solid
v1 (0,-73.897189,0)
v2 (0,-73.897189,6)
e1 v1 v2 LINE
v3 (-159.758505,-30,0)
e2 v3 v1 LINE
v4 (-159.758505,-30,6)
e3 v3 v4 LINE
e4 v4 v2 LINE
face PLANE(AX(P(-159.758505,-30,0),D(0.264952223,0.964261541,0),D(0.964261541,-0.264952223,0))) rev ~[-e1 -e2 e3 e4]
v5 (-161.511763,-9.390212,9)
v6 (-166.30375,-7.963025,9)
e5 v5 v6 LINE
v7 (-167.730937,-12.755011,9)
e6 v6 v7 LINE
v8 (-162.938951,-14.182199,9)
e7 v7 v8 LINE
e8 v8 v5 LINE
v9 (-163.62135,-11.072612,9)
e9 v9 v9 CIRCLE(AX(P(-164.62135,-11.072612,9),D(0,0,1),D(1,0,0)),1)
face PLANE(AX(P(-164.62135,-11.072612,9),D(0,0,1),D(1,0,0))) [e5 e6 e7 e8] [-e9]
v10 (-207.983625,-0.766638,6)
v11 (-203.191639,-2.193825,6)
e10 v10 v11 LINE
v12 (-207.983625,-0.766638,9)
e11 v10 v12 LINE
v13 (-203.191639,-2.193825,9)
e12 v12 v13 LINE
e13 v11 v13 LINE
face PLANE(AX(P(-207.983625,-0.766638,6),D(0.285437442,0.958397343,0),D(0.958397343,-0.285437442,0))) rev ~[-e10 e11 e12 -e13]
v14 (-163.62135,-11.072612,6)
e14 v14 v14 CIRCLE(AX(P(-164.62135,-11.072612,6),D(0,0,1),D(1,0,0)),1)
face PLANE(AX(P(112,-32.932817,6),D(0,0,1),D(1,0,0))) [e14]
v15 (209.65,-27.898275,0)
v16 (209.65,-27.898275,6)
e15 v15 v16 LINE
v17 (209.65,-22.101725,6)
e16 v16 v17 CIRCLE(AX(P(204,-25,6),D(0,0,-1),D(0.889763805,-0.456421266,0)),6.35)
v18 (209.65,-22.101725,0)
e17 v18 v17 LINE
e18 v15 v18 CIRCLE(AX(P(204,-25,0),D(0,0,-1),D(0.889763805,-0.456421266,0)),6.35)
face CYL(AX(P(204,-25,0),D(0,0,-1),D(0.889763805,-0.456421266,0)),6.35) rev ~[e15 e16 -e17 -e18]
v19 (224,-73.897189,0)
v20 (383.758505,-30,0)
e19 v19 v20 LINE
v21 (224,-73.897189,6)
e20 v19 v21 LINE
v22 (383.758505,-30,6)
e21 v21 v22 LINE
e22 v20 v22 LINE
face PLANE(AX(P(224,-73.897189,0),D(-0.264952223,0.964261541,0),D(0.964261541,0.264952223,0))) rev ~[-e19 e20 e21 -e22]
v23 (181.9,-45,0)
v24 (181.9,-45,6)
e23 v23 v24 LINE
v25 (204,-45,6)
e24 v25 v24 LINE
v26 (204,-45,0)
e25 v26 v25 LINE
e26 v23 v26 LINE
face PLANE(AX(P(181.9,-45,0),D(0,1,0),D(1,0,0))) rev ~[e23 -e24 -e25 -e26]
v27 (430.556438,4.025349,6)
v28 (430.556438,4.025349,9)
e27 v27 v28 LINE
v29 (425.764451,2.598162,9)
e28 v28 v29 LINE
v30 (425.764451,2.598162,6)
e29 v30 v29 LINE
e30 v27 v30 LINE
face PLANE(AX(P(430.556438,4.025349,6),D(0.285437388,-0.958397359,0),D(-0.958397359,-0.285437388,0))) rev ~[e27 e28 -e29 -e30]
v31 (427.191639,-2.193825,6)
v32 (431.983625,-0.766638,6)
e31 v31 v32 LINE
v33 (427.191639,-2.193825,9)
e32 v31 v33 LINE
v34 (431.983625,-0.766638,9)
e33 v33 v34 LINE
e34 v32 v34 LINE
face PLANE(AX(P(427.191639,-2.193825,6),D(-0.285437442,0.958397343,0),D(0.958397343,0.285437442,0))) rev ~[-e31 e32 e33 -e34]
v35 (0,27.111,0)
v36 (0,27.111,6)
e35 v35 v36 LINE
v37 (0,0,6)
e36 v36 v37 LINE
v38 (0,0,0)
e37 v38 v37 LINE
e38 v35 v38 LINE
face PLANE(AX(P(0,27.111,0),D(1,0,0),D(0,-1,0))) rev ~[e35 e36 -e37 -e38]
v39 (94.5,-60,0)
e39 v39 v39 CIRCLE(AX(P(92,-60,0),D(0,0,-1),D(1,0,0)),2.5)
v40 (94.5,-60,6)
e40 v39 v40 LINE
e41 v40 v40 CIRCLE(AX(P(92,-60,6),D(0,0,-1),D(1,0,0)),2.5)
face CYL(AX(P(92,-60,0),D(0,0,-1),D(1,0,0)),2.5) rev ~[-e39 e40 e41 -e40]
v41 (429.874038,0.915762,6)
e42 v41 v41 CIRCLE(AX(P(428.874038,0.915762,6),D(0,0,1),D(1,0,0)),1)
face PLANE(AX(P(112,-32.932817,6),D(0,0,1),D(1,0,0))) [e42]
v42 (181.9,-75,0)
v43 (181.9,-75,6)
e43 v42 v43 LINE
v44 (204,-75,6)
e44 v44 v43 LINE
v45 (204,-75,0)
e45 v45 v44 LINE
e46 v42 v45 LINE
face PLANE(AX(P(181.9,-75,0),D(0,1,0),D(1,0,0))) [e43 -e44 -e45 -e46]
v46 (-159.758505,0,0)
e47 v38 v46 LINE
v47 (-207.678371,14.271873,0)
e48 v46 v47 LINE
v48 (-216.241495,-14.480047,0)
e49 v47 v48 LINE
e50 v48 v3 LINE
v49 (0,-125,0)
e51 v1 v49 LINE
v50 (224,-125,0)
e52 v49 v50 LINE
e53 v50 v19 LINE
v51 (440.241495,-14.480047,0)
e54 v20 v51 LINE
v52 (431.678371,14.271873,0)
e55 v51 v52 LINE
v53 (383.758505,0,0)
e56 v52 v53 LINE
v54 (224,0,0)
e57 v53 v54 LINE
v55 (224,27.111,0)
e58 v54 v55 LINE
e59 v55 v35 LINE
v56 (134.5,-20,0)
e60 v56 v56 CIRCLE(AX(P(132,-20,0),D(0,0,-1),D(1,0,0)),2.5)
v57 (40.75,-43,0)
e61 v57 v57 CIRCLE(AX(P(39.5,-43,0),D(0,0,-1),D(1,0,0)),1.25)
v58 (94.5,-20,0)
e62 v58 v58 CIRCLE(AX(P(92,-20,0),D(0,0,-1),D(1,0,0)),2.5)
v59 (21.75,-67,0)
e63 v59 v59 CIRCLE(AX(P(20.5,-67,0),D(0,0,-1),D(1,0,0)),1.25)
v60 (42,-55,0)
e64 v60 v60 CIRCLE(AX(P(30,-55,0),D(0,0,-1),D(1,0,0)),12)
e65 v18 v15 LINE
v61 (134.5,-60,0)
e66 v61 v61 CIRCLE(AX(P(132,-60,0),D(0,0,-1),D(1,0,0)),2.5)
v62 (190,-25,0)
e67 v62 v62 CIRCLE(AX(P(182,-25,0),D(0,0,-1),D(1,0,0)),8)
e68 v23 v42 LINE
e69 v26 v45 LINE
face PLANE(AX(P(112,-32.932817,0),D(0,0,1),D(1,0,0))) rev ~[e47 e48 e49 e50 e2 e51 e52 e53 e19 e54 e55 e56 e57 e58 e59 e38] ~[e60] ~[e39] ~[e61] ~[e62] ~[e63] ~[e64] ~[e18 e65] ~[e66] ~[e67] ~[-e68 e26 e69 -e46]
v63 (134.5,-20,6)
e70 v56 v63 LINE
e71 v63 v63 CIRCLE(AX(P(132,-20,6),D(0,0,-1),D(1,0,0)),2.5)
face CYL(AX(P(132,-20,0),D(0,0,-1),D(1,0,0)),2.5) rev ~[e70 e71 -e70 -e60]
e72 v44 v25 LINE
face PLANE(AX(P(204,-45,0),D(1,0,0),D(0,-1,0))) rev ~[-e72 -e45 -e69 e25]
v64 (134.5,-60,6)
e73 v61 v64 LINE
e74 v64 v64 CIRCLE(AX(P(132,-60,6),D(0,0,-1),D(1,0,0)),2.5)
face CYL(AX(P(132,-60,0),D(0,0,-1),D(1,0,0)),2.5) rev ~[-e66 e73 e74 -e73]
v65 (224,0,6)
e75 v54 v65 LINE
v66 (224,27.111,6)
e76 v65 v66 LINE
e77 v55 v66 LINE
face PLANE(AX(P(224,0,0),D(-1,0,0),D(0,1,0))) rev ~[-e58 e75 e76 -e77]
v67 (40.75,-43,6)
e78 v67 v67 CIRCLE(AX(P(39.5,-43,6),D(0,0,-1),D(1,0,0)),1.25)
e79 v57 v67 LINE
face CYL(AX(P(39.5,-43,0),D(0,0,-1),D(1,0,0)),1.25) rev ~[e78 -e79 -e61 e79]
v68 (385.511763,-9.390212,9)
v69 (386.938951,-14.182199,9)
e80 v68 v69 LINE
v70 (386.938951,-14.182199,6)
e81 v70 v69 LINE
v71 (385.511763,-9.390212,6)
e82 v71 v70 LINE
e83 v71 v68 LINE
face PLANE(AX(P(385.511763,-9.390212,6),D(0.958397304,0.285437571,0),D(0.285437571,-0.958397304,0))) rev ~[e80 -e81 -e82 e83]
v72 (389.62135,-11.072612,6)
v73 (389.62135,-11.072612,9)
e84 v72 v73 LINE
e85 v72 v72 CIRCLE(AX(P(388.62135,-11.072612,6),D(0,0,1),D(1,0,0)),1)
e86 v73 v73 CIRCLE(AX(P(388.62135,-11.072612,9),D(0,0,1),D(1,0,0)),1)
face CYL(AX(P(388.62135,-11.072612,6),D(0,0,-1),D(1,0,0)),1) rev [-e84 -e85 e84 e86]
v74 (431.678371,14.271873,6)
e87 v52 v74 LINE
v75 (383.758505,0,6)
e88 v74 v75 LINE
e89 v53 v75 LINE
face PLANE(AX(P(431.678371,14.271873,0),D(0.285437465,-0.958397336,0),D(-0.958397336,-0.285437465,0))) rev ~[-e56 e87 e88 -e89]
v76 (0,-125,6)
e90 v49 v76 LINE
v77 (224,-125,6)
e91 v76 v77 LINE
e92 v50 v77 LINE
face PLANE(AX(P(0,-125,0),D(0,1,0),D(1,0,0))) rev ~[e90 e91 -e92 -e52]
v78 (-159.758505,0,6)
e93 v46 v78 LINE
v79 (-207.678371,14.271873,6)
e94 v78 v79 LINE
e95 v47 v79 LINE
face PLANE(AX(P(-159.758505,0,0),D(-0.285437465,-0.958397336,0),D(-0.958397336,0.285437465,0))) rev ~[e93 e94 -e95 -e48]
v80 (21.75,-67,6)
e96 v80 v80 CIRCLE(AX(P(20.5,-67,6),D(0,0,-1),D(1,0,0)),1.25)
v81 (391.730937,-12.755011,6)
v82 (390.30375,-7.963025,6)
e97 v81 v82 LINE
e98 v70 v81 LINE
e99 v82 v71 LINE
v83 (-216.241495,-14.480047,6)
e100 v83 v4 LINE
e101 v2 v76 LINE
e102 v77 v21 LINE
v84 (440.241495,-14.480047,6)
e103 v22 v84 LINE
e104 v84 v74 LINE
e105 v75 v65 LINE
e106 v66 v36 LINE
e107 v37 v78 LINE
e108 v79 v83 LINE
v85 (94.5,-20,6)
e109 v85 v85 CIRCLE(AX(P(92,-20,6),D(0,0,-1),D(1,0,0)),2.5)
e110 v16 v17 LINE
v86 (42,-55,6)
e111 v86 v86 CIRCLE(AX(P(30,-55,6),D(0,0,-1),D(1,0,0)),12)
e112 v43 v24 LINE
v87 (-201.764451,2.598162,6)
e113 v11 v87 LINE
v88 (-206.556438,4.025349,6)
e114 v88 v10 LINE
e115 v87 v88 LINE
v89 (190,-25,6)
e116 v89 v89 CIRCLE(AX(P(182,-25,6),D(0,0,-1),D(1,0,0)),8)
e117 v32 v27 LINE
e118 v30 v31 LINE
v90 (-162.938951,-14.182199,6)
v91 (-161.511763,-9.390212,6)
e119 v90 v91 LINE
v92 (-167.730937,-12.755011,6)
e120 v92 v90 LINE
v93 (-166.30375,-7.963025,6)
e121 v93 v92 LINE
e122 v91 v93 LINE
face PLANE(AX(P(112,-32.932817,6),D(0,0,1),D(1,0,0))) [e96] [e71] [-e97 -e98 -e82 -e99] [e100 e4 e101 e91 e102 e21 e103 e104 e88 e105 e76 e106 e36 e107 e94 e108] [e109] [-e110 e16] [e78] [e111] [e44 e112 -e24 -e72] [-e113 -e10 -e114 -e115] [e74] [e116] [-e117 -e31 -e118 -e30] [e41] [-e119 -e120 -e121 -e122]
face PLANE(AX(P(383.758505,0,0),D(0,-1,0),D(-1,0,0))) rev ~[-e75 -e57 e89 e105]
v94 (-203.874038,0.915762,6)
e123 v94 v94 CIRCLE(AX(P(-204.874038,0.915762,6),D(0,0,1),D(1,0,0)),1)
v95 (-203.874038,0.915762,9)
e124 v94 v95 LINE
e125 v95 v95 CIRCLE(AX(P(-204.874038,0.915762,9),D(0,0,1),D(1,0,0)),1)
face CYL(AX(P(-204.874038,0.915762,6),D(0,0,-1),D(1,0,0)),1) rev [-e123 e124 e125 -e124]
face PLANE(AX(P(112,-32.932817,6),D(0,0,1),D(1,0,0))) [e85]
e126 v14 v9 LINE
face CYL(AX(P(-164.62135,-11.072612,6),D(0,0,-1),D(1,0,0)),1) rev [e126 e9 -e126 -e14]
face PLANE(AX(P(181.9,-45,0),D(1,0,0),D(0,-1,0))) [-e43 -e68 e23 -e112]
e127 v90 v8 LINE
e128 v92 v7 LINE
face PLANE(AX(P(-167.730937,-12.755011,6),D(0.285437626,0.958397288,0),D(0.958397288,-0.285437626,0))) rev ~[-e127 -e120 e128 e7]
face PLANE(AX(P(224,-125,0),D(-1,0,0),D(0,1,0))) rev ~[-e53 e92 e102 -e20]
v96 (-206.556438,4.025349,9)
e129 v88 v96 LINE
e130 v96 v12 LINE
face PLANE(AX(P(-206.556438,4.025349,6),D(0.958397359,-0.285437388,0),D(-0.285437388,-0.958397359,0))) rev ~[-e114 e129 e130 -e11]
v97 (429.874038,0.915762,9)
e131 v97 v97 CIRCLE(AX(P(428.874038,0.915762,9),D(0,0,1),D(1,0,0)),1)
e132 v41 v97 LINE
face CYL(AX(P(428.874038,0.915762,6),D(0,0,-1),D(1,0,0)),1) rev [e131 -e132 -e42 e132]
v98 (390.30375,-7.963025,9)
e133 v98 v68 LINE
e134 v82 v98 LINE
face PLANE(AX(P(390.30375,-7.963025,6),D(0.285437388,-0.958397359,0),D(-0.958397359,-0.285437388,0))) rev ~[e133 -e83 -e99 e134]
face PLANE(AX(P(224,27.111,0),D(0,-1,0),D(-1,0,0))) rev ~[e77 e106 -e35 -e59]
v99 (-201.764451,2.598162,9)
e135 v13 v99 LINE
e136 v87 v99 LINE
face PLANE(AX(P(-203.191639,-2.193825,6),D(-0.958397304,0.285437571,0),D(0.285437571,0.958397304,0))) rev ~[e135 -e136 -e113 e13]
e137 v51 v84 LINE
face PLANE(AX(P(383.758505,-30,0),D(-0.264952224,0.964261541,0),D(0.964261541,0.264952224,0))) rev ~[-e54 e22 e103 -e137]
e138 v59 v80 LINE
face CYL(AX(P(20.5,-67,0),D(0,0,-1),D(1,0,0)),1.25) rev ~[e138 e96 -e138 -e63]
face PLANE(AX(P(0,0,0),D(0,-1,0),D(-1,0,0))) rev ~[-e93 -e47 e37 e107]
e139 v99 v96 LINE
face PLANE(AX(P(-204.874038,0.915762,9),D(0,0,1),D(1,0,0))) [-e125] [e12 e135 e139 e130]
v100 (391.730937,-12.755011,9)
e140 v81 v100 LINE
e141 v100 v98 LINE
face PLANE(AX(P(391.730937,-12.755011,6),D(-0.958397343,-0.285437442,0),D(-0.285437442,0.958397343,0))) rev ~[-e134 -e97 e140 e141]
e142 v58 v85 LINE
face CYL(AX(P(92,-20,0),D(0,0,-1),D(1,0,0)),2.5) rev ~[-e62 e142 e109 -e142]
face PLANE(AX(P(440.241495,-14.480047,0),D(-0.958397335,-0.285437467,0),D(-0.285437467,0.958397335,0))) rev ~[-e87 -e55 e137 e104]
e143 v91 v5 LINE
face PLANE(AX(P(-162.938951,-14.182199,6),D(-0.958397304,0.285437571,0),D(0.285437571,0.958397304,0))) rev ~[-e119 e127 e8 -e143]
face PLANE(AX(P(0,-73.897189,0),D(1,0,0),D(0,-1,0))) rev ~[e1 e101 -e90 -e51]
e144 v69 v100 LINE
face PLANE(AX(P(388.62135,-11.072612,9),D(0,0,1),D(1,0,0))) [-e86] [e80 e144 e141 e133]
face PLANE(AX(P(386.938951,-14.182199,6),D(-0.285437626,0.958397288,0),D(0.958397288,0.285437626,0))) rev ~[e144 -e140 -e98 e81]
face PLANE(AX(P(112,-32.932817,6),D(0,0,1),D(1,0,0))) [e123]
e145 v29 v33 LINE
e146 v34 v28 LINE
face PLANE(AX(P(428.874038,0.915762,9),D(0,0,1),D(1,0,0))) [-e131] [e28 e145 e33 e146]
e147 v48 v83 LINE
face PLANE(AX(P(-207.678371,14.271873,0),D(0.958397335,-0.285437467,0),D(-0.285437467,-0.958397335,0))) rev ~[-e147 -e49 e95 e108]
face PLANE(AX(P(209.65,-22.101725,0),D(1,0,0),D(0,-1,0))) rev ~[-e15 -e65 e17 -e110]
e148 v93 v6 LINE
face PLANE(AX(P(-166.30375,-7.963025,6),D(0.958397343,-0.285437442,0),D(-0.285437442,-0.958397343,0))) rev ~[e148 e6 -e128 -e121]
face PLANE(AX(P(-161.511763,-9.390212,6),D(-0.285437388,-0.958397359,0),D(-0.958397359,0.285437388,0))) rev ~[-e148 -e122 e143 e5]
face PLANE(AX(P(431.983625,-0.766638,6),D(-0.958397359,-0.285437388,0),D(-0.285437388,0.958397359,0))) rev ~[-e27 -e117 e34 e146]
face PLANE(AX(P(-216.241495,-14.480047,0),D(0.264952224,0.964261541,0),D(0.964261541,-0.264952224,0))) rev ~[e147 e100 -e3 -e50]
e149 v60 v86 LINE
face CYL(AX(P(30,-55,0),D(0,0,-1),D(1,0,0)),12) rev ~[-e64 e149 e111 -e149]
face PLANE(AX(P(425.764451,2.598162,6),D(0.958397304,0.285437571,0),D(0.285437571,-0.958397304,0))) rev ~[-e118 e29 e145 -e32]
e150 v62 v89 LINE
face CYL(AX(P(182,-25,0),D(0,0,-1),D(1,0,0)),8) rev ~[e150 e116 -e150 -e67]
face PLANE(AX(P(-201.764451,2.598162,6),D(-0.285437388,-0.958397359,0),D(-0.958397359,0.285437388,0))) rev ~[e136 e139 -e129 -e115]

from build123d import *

# Parameters (mm, degrees)
F1_DEPTH  = 6
F3_R      = 2.5
F4_DEPTH  = 25
F5_W      = 22.1
F5_H      = 30
F6_DEPTH  = 25
F7_R      = 8
F7_R_2    = 12
F7_R_3    = 1.25
F8_DEPTH  = 25
F9_R      = 1
F10_DEPTH = 3
F11_R     = 1
F12_DEPTH = 3


with BuildPart() as f1:
    # F0 (on Top) → F1 (new body)
    with BuildSketch(Plane.XY):
        Polygon((0, -73.897189), (0, -125), (224, -125), (224, -73.897189), (383.758505, -30), (440.241495, -14.480047), (431.678371, 14.271873), (383.758505, 0), (224, 0), (224, 27.111), (0, 27.111), (0, 0), (-159.758505, 0), (-207.678371, 14.271873), (-216.241495, -14.480047), (-159.758505, -30), align=None)
    extrude(amount=F1_DEPTH)

    # F3 (on face) → F4 (cut)
    with BuildSketch(Plane(origin=(0, 0, 0), x_dir=(1, 0, 0), z_dir=(0, 0, -1))):
        with Locations((132, 60)):
            Circle(F3_R)
        with Locations((132, 20)):
            Circle(F3_R)
        with Locations((92, 60)):
            Circle(F3_R)
        with Locations((92, 20)):
            Circle(F3_R)
    extrude(amount=-F4_DEPTH, mode=Mode.SUBTRACT)

    # F5 (on face) → F6 (cut)
    with BuildSketch(Plane(origin=(0, 0, 0), x_dir=(1, 0, 0), z_dir=(0, 0, -1))):
        with Locations((192.95, 60)):
            Rectangle(F5_W, F5_H)
    extrude(amount=-F6_DEPTH, mode=Mode.SUBTRACT)

    # F7 (on face) → F8 (cut)
    with BuildSketch(Plane(origin=(0, 0, 0), x_dir=(1, 0, 0), z_dir=(0, 0, -1))):
        with BuildLine():
            Line((209.65, 22.101725), (209.65, 27.898275))
            ThreePointArc((209.65, 27.898275), (197.65, 25), (209.65, 22.101725))
        make_face()
        with Locations((182, 25)):
            Circle(F7_R)
        with Locations((30, 55)):
            Circle(F7_R_2)
        with Locations((20.5, 67)):
            Circle(F7_R_3)
        with Locations((39.5, 43)):
            Circle(F7_R_3)
    extrude(amount=-F8_DEPTH, mode=Mode.SUBTRACT)

    # F9 (on face) → F10 (join)
    with BuildSketch(Plane.XY.offset(6)):
        Polygon((430.556438, 4.025349), (425.764451, 2.598162), (427.191639, -2.193825), (431.983625, -0.766638), align=None)
        with Locations((428.874038, 0.915762)):
            Circle(F9_R, mode=Mode.SUBTRACT)
        Polygon((390.30375, -7.963025), (385.511763, -9.390212), (386.938951, -14.182199), (391.730937, -12.755011), align=None)
        with Locations((388.62135, -11.072612)):
            Circle(F9_R, mode=Mode.SUBTRACT)
    extrude(amount=F10_DEPTH)

    # F11 (on face) → F12 (join)
    with BuildSketch(Plane.XY.offset(6)):
        Polygon((-203.191639, -2.193825), (-201.764451, 2.598162), (-206.556438, 4.025349), (-207.983625, -0.766638), align=None)
        with Locations((-204.874038, 0.915762)):
            Circle(F11_R, mode=Mode.SUBTRACT)
        Polygon((-162.938951, -14.182199), (-161.511763, -9.390212), (-166.30375, -7.963025), (-167.730937, -12.755011), align=None)
        with Locations((-164.62135, -11.072612)):
            Circle(F11_R, mode=Mode.SUBTRACT)
    extrude(amount=F12_DEPTH)


solid = f1.part
